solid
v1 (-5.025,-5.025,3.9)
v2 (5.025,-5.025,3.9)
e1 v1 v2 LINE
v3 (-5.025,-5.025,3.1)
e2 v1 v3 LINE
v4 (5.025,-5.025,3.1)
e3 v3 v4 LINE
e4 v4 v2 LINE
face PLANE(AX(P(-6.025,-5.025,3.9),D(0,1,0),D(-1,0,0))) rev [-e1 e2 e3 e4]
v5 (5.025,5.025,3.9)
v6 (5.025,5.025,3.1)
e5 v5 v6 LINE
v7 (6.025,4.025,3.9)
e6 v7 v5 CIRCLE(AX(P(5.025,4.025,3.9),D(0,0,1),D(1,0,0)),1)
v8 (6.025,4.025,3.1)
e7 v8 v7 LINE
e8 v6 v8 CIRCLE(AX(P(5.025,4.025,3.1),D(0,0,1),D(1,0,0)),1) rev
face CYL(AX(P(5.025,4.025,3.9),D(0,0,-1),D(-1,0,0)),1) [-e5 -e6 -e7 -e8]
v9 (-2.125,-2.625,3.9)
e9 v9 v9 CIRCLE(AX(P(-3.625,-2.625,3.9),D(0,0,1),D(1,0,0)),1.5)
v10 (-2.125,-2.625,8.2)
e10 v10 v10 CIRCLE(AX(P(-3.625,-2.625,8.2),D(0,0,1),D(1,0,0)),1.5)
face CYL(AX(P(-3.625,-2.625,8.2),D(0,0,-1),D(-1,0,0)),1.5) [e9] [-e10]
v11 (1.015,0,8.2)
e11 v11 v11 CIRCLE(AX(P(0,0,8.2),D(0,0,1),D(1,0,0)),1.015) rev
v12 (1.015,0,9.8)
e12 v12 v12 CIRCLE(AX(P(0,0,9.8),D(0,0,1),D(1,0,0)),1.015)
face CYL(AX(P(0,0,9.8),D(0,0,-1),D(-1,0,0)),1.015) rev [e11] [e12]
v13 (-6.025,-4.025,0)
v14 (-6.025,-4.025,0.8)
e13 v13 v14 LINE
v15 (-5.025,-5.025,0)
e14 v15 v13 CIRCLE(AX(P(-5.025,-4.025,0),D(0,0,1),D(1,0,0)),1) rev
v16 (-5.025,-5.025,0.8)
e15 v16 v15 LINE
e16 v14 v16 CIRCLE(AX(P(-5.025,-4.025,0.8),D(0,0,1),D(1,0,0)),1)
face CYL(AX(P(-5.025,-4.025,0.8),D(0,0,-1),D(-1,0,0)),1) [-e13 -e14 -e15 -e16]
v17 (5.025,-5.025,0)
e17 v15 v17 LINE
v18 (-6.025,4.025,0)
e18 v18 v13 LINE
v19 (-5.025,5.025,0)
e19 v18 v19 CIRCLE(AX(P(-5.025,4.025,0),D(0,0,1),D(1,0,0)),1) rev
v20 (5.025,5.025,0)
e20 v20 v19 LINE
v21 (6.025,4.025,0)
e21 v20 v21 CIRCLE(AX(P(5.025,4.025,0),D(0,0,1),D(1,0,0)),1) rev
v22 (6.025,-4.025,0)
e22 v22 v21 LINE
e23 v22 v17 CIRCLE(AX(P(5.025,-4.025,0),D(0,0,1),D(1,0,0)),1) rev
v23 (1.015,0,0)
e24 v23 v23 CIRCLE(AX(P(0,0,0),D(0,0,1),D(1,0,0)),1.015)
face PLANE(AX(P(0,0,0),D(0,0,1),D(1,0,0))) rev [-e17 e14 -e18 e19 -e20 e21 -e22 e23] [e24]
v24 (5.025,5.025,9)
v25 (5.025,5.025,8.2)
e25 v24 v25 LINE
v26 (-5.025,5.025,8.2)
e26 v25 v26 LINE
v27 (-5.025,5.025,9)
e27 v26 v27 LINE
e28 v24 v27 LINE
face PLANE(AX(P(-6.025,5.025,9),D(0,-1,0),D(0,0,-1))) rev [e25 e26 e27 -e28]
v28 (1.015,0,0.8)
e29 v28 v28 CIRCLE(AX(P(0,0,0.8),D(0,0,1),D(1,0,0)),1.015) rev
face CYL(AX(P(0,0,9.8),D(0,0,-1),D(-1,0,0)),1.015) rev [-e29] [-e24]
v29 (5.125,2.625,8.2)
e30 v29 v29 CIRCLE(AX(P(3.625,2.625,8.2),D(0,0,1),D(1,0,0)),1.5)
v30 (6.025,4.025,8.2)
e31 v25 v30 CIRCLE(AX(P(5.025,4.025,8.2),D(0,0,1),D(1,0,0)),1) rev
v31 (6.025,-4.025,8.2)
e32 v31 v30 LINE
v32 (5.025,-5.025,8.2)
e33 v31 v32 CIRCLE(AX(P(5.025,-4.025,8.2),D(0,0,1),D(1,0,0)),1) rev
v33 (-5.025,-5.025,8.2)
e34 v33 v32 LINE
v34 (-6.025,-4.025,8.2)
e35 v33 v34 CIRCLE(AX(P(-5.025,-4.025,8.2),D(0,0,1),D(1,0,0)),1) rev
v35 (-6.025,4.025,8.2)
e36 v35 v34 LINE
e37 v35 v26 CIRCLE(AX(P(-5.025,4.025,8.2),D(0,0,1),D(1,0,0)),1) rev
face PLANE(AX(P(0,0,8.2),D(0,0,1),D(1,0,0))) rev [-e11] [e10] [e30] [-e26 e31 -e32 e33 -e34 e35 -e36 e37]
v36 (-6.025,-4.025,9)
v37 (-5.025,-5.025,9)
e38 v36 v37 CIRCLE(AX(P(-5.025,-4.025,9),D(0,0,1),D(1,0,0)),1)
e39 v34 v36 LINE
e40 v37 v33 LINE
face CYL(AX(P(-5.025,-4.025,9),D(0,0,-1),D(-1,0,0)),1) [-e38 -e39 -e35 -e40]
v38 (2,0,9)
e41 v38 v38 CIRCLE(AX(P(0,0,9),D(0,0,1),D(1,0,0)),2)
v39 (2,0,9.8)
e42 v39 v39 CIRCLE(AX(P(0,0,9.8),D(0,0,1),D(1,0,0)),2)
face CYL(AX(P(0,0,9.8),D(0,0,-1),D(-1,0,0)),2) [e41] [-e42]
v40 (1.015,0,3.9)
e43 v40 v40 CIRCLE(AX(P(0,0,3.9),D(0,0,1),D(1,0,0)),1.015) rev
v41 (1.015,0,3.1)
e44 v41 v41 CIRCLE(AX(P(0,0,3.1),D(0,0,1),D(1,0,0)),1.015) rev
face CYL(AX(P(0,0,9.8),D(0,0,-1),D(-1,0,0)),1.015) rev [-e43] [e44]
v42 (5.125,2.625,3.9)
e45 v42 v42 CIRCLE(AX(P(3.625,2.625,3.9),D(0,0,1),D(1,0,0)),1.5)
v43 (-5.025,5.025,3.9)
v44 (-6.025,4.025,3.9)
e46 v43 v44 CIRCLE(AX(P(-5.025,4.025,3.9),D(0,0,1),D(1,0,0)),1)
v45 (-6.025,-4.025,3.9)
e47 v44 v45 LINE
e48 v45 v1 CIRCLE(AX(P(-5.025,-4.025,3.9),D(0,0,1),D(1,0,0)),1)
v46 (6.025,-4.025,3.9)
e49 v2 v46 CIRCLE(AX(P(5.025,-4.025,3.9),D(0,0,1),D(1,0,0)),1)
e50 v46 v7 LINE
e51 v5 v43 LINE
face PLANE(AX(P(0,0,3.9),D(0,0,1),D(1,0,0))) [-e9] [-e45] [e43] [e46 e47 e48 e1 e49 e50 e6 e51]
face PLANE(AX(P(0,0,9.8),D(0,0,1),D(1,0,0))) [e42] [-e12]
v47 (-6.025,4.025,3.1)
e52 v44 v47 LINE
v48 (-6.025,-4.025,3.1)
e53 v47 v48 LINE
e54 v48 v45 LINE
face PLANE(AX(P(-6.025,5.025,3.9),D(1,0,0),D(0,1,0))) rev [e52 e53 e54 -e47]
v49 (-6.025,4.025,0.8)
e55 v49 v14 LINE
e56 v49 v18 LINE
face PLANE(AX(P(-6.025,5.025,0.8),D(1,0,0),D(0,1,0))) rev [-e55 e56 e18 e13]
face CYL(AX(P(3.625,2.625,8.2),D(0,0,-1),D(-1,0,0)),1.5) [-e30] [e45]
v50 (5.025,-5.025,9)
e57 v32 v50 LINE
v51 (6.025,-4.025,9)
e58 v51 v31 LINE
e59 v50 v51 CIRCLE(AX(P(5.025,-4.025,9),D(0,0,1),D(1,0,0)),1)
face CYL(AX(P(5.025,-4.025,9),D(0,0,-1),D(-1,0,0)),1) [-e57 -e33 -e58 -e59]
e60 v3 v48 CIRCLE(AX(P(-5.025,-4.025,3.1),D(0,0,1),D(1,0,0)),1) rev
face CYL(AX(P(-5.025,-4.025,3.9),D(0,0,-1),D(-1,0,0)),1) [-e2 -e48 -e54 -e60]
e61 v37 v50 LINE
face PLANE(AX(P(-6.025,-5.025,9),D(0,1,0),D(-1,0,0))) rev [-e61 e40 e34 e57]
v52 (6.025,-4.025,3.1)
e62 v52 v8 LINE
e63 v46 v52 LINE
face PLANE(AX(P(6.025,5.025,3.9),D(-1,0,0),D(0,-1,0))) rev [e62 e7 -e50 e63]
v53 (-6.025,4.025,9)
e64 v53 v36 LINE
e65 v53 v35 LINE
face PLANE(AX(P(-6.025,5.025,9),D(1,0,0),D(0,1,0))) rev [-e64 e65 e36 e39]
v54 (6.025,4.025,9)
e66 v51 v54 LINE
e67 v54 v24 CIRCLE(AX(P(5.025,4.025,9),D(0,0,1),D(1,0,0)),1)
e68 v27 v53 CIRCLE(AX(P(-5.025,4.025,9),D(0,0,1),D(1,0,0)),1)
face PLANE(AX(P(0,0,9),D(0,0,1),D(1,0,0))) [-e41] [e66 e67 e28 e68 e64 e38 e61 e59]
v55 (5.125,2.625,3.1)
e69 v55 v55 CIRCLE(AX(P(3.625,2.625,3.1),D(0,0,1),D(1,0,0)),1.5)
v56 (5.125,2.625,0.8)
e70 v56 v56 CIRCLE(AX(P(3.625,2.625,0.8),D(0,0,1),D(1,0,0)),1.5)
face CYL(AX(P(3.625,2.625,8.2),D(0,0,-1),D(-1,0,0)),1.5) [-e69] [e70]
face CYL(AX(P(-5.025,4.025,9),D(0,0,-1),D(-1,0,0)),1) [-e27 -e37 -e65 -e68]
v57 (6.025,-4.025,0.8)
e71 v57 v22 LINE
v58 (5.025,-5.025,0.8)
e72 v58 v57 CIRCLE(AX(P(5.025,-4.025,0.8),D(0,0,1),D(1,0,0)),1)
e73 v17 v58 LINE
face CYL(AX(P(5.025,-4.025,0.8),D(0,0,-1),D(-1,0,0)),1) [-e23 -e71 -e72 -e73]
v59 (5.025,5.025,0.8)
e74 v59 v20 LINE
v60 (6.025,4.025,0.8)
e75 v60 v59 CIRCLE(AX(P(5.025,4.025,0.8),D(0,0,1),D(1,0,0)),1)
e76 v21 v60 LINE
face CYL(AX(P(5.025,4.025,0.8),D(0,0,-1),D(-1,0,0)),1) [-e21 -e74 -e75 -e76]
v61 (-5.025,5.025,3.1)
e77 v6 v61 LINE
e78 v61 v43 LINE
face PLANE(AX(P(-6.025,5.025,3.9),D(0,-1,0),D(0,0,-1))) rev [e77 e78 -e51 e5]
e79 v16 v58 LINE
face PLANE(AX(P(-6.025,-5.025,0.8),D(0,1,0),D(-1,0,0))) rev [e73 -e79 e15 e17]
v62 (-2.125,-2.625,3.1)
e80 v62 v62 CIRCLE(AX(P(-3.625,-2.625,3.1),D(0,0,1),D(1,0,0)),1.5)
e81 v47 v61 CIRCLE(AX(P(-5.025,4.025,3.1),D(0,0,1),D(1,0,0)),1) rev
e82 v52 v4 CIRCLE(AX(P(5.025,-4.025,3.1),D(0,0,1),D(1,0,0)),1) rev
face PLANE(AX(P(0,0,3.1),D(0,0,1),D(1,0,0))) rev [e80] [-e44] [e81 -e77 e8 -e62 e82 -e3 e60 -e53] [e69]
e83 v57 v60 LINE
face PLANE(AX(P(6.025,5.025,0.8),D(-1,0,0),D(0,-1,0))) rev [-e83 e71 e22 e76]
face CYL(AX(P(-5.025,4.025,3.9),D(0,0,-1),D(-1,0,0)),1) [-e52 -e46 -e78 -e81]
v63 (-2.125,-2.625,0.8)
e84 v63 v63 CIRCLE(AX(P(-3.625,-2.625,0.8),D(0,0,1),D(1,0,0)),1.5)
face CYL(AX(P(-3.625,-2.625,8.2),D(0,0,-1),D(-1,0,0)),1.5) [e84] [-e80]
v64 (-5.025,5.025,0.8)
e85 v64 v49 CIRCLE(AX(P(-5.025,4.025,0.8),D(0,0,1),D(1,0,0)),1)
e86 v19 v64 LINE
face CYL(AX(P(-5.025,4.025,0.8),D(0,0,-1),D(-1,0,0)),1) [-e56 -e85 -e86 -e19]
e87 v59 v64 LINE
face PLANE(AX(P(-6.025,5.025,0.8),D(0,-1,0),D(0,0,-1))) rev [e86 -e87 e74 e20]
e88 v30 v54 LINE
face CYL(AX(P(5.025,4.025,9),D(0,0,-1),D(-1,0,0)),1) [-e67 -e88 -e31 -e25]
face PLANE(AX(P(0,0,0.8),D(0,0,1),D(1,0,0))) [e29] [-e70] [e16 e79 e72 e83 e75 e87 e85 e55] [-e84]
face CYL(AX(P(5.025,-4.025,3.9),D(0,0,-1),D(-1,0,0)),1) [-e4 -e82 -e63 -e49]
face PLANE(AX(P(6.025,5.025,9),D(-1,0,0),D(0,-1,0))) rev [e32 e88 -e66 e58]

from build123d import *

# Parameters (mm, degrees)
SKICA5_W                 = 12.05
SKICA5_H                 = 10.05
P_IDAT_VYSUNUT_M5_DEPTH  = 0.8
ZAOBLIT2_R               = 1
SKICA6_R                 = 1.5
P_IDAT_VYSUNUT_M6_DEPTH  = 7.4
LINPOLE1_COUNT           = 2
LINPOLE1_PITCH           = 3.1
ZAOBLIT2_OF_LINPOLE1_R   = 1
LINPOLE2_COUNT           = 2
LINPOLE2_PITCH           = 8.2
ZAOBLIT2_OF_LINPOLE2_R   = 1
SKICA7_R                 = 2
SKICA7_R_2               = 1.015
P_IDAT_VYSUNUT_M7_DEPTH  = 0.8
SKICA9_R                 = 1.015
ODEBRAT_VYSUNUT_M2_DEPTH = 10.8


with BuildPart() as part:
    # Skica5 → Přidat vysunutím5 (new body)
    with BuildSketch(Plane.XY):
        Rectangle(SKICA5_W, SKICA5_H)
    p_idat_vysunut_m5 = extrude(amount=P_IDAT_VYSUNUT_M5_DEPTH)

    # Zaoblit2
    zaoblit2_edges = [part.edges().sort_by_distance(p)[0] for p in [
        (6.025, -5.025, 0.4),
        (-6.025, -5.025, 0.4),
        (-6.025, 5.025, 0.4),
        (6.025, 5.025, 0.4),
    ]]
    fillet(zaoblit2_edges, radius=ZAOBLIT2_R)

    # Skica6 → Přidat vysunutím6 (add)
    with BuildSketch(Plane.XY.offset(0.8)):
        with Locations((3.625, 2.625)):
            Circle(SKICA6_R)
        with Locations((-3.625, -2.625)):
            Circle(SKICA6_R)
    extrude(amount=P_IDAT_VYSUNUT_M6_DEPTH)

    # LinPole1: Přidat vysunutím5 ×2
    with Locations(*[(0, 0, i * LINPOLE1_PITCH) for i in range(1, LINPOLE1_COUNT)]):
        add(p_idat_vysunut_m5)

    # Zaoblit2 of LinPole1
    zaoblit2_of_linpole1_edges = [part.edges().sort_by_distance(p)[0] for p in [
        (6.025, -5.025, 3.5),
        (-6.025, -5.025, 3.5),
        (-6.025, 5.025, 3.5),
        (6.025, 5.025, 3.5),
    ]]
    fillet(zaoblit2_of_linpole1_edges, radius=ZAOBLIT2_OF_LINPOLE1_R)

    # LinPole2: Přidat vysunutím5 ×2
    with Locations(*[(0, 0, i * LINPOLE2_PITCH) for i in range(1, LINPOLE2_COUNT)]):
        add(p_idat_vysunut_m5)

    # Zaoblit2 of LinPole2
    zaoblit2_of_linpole2_edges = [part.edges().sort_by_distance(p)[0] for p in [
        (6.025, -5.025, 8.6),
        (-6.025, -5.025, 8.6),
        (-6.025, 5.025, 8.6),
        (6.025, 5.025, 8.6),
    ]]
    fillet(zaoblit2_of_linpole2_edges, radius=ZAOBLIT2_OF_LINPOLE2_R)

    # Skica7 → Přidat vysunutím7 (add)
    with BuildSketch(Plane.XY.offset(9)):
        Circle(SKICA7_R)
        Circle(SKICA7_R_2, mode=Mode.SUBTRACT)
    extrude(amount=P_IDAT_VYSUNUT_M7_DEPTH)

    # Skica9 → Odebrat vysunutím2 (cut, through all)
    with BuildSketch(Plane.XY):
        Circle(SKICA9_R)
    extrude(amount=ODEBRAT_VYSUNUT_M2_DEPTH, mode=Mode.SUBTRACT)


solid = part.part
